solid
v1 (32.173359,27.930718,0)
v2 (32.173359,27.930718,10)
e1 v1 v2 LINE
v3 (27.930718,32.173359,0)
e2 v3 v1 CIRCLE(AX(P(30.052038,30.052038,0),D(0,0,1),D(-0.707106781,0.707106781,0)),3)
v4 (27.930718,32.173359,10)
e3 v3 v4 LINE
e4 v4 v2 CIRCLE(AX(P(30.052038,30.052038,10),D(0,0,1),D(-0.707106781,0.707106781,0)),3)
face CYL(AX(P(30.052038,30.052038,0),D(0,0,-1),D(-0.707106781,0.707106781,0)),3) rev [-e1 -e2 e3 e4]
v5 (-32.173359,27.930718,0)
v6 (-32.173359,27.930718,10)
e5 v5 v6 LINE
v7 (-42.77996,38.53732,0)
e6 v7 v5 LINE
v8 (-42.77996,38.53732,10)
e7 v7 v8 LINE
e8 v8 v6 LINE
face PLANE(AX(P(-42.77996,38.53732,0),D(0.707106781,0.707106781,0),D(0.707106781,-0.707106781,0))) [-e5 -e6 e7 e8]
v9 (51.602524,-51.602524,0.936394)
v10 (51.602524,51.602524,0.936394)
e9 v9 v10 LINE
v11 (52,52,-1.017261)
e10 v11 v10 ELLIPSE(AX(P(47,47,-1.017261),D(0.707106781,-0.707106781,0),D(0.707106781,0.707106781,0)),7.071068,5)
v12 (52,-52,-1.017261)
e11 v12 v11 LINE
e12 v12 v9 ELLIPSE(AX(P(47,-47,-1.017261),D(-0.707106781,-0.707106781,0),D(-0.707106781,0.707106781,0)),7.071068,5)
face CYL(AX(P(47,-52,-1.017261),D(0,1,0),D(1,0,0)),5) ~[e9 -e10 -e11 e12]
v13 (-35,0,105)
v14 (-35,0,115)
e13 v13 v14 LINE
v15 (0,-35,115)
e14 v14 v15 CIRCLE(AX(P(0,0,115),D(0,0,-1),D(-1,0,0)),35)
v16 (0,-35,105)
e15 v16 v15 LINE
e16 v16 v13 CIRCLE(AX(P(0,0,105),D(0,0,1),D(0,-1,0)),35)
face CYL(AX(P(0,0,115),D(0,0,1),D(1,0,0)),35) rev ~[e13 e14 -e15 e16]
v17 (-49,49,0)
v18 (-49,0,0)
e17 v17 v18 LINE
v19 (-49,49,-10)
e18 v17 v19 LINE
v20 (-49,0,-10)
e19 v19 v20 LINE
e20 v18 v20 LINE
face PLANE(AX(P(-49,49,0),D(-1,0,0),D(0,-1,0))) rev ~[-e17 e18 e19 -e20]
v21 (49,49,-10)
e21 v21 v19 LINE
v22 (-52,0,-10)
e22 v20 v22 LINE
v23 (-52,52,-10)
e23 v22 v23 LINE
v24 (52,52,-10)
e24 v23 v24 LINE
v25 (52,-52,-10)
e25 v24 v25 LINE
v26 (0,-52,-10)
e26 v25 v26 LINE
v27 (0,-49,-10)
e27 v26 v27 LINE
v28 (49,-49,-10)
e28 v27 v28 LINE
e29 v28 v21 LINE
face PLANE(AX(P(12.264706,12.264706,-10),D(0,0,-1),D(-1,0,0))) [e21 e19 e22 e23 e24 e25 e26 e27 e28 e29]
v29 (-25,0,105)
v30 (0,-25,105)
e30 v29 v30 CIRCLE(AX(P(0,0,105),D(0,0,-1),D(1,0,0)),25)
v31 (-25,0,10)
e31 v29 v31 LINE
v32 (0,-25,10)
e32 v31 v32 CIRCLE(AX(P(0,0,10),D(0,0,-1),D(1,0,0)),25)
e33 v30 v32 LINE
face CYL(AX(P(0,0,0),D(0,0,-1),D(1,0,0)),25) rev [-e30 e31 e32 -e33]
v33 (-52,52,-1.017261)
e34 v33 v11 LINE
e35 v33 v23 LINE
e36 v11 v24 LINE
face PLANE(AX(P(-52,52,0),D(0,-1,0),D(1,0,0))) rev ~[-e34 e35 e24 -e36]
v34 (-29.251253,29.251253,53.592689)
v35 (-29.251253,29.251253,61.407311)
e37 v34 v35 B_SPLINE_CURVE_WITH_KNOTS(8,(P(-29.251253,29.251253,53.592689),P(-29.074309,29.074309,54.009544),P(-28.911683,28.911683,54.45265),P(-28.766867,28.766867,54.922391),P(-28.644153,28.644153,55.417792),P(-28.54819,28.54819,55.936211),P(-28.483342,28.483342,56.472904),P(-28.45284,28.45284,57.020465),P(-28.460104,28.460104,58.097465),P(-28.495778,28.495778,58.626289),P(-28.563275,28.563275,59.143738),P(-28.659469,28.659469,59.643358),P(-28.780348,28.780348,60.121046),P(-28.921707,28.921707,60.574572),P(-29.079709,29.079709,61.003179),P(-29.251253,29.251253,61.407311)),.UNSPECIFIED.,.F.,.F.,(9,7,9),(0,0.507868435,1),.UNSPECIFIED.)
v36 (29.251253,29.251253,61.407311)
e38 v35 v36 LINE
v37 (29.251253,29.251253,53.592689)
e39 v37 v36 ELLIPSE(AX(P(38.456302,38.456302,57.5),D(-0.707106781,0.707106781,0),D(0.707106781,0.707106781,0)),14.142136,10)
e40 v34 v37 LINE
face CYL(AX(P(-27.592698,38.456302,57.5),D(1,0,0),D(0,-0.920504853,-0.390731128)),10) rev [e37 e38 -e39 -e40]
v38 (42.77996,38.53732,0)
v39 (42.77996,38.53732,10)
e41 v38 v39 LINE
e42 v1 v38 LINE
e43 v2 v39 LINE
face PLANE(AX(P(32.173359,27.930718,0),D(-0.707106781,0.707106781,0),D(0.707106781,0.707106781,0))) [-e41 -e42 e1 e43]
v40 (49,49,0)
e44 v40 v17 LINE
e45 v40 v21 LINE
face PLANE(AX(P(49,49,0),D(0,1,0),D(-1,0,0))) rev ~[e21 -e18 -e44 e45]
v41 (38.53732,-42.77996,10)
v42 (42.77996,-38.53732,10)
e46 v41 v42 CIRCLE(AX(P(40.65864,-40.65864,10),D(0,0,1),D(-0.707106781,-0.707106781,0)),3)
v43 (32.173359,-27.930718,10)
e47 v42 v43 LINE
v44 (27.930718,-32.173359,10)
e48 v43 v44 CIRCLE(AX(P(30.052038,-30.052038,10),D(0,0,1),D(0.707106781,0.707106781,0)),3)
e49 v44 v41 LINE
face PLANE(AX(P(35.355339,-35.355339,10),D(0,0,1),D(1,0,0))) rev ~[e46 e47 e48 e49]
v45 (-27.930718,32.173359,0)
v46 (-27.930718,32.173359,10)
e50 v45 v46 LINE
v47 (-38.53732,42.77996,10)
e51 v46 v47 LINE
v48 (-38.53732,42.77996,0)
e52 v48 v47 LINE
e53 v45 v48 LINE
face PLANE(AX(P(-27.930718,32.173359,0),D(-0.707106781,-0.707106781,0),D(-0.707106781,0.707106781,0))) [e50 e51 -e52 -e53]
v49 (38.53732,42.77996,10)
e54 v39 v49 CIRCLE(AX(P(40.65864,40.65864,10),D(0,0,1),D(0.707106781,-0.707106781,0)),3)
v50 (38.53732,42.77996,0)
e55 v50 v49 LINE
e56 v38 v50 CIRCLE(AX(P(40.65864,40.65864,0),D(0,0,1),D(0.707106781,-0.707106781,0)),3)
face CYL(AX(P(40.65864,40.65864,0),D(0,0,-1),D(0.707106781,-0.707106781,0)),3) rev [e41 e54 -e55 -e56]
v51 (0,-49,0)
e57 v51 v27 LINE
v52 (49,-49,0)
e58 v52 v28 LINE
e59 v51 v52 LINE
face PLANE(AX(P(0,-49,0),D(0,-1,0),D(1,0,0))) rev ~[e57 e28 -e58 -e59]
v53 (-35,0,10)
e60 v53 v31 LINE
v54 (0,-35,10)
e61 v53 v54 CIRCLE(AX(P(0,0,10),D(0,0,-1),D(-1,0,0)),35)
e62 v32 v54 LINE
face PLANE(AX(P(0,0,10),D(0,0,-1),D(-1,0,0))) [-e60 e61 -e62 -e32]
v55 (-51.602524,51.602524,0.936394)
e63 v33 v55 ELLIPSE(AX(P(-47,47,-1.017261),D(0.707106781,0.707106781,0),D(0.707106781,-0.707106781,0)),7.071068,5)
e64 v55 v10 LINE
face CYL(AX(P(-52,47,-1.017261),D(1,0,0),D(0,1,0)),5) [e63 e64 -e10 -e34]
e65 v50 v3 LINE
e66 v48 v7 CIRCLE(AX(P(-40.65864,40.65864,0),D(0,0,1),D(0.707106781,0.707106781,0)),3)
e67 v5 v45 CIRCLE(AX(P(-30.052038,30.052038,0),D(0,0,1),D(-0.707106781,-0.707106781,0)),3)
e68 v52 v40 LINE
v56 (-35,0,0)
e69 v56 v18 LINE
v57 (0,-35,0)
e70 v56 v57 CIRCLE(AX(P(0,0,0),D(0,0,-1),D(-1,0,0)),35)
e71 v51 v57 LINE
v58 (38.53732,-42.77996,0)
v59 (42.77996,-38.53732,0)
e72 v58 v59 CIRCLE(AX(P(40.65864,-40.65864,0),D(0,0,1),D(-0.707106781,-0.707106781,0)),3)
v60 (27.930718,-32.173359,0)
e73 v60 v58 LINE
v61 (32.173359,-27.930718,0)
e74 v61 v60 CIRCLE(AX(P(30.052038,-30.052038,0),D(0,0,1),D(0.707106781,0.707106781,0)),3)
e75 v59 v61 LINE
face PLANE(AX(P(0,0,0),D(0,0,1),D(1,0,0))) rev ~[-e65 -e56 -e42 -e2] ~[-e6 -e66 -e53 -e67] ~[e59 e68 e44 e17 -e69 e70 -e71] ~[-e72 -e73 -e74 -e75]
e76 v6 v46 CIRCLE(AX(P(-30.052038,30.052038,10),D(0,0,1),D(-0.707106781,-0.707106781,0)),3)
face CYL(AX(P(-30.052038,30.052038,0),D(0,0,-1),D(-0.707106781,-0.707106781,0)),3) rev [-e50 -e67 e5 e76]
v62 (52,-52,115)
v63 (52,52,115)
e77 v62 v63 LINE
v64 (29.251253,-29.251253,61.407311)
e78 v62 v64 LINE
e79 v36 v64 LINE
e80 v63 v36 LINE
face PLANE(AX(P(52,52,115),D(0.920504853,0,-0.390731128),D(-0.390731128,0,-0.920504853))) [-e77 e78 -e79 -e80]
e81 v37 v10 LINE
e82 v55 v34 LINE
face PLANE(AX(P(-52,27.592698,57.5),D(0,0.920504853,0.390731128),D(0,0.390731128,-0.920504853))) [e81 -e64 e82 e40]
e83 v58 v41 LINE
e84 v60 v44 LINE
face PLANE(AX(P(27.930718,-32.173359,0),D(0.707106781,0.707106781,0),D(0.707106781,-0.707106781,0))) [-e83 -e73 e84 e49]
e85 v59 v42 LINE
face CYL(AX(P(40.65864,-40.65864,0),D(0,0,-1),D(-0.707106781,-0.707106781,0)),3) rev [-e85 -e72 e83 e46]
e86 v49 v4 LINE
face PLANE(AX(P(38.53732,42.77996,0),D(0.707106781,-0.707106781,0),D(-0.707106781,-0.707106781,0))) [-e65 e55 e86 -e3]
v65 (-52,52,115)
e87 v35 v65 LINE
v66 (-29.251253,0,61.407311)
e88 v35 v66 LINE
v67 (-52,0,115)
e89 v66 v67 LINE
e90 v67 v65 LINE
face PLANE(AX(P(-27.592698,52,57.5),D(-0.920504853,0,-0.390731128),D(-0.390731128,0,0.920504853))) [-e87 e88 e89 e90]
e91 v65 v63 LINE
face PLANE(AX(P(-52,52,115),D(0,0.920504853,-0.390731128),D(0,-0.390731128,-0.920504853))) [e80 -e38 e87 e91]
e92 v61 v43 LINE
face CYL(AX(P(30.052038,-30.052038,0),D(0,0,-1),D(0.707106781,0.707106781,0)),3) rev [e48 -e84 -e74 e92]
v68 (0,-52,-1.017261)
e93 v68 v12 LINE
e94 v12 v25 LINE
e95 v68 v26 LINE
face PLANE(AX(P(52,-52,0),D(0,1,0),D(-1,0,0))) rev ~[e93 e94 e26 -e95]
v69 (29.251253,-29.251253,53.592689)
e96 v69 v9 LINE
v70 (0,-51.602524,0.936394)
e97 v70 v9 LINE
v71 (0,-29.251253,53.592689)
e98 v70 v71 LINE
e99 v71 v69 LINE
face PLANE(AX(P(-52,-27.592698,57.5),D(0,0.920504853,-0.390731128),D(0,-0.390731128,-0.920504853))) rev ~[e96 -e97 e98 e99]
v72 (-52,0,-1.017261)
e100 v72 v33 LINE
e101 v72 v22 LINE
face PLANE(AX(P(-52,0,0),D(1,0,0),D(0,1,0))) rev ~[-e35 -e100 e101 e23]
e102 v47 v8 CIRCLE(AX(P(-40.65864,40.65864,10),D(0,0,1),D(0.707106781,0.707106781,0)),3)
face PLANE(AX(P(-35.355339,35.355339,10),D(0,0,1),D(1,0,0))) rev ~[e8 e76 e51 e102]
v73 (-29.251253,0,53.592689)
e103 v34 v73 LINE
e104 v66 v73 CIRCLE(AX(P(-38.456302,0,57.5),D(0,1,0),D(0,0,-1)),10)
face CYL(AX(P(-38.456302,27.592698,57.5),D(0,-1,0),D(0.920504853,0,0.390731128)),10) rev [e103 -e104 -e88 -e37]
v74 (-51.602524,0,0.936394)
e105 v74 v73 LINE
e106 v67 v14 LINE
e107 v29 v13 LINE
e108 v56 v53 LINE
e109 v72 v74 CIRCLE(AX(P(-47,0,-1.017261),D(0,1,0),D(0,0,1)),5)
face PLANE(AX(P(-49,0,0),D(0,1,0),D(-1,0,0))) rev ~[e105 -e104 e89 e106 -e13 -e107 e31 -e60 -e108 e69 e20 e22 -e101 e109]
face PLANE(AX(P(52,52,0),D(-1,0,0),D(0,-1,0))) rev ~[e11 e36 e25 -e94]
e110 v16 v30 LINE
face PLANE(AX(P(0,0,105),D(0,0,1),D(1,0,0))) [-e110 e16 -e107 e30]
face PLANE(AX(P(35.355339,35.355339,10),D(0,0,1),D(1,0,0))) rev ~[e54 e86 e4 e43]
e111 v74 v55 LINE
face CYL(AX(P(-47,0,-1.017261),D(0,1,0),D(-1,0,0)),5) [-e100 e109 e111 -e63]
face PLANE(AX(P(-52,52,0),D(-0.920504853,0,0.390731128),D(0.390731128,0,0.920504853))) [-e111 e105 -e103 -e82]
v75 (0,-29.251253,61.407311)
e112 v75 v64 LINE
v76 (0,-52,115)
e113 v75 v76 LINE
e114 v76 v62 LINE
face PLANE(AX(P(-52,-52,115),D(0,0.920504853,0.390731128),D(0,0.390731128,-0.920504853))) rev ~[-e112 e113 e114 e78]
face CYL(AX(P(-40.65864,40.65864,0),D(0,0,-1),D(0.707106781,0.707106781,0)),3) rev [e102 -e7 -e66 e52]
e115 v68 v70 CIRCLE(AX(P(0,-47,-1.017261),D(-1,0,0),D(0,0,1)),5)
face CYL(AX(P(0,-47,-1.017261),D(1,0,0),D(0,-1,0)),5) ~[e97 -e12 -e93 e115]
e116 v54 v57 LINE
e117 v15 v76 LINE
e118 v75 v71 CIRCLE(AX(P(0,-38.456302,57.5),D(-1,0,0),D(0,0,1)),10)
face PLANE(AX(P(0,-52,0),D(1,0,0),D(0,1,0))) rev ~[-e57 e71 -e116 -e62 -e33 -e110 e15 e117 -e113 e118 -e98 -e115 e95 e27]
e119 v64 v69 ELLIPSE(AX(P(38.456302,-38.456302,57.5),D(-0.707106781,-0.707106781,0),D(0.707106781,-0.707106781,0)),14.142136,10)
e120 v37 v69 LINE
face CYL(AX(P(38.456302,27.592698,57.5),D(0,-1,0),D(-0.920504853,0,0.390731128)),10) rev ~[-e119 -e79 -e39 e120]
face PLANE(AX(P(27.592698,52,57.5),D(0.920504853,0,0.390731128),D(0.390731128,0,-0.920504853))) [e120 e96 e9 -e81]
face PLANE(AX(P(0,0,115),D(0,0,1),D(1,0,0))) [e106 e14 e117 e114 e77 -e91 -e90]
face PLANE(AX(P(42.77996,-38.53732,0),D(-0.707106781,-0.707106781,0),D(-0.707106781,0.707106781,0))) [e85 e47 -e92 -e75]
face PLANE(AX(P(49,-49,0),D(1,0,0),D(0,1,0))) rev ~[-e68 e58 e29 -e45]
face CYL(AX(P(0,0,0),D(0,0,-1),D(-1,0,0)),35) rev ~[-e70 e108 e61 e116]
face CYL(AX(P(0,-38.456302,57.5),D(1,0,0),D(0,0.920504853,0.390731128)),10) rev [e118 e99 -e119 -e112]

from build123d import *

# Parameters (mm, degrees)
SKETCH1_W           = 104
SKETCH1_H           = 104
SKETCH1_R           = 25
BOSS_EXTRUDE1_DEPTH = 115
CUT_EXTRUDE3_DEPTH  = 115
CUT_EXTRUDE4_DEPTH  = 115
CUT_EXTRUDE5_DEPTH  = 116
FILLET1_R           = 10
SKETCH9_R           = 35
CUT_EXTRUDE6_DEPTH  = 10
SKETCH10_R          = 35
CUT_EXTRUDE7_DEPTH  = 10
BOSS_EXTRUDE2_DEPTH = 10
FILLET2_R           = 5
CUT_EXTRUDE8_DEPTH  = 10


with BuildPart() as part:
    # Sketch1 → Boss-Extrude1 (new body)
    with BuildSketch(Plane.XY):
        Rectangle(SKETCH1_W, SKETCH1_H)
        Circle(SKETCH1_R, mode=Mode.SUBTRACT)
    extrude(amount=BOSS_EXTRUDE1_DEPTH)

    # Sketch7 → Cut-Extrude3 (cut)
    with BuildSketch(Plane.ZY.offset(52)):
        Polygon((0, 52), (115, 52), (57.5, 27.592698068), align=None)
        Polygon((0, -52), (115, -52), (57.5, -27.592698068), align=None)
    extrude(amount=-CUT_EXTRUDE3_DEPTH, mode=Mode.SUBTRACT)

    # Sketch4 → Cut-Extrude4 (cut)
    with BuildSketch(Plane(origin=(0, 52, 0), x_dir=(1, 0, 0), z_dir=(0, 1, 0))):
        Polygon((-52, 0), (-27.592698068, -57.5), (-52, -115), align=None)
        Polygon((52, -115), (27.592698068, -57.5), (52, 0), align=None)
    extrude(amount=-CUT_EXTRUDE4_DEPTH, mode=Mode.SUBTRACT)

    # Sketch8 → Cut-Extrude5 (cut, through all)
    with BuildSketch(Plane(origin=(0, 0, 0), x_dir=(-1, 0, 0), z_dir=(0, 0, -1))):
        with BuildLine():
            Line((0, 0), (96.389790508, 0))
            ThreePointArc((96.389790508, 0), (83.425867148, -83.299633305), (0, -95.424686222))
            Line((0, -95.424686222), (0, 0))
        make_face()
    extrude(amount=-CUT_EXTRUDE5_DEPTH, mode=Mode.SUBTRACT)

    # Fillet1
    fillet1_edges = [part.edges().sort_by_distance(p)[0] for p in [
        (13.796349034, -27.592698068, 57.5),
        (0, 27.592698068, 57.5),
        (27.592698068, 0, 57.5),
        (-27.592698068, 13.796349034, 57.5),
    ]]
    fillet(fillet1_edges, radius=FILLET1_R)

    # Sketch9 → Cut-Extrude6 (cut)
    with BuildSketch(Plane(origin=(0, 0, 0), x_dir=(-1, 0, 0), z_dir=(0, 0, -1))):
        Circle(SKETCH9_R)
    extrude(amount=-CUT_EXTRUDE6_DEPTH, mode=Mode.SUBTRACT)

    # Sketch10 → Cut-Extrude7 (cut)
    with BuildSketch(Plane.XY.offset(115)):
        Circle(SKETCH10_R)
    extrude(amount=-CUT_EXTRUDE7_DEPTH, mode=Mode.SUBTRACT)

    # Sketch11 → Boss-Extrude2 (add)
    with BuildSketch(Plane(origin=(0, 0, 0), x_dir=(-1, 0, 0), z_dir=(0, 0, -1))):
        Polygon((52, 0), (52, 52), (-52, 52), (-52, -52), (0, -52), (0, -49), (-49, -49), (-49, 49), (49, 49), (49, 0), align=None)
    extrude(amount=BOSS_EXTRUDE2_DEPTH)

    # Fillet2
    fillet2_edges = [part.edges().sort_by_distance(p)[0] for p in [
        (0, 52, 0),
        (52, 0, 0),
        (-52, 26, 0),
        (26, -52, 0),
    ]]
    fillet(fillet2_edges, radius=FILLET2_R)

    # Sketch12 → Cut-Extrude8 (cut)
    with BuildSketch(Plane(origin=(0, 0, 0), x_dir=(-1, 0, 0), z_dir=(0, 0, -1))):
        with BuildLine():
            Line((27.930717857, 32.173358544), (38.537319575, 42.779960262))
            ThreePointArc((38.537319575, 42.779960262), (42.779960262, 42.779960262), (42.779960262, 38.537319575))
            Line((42.779960262, 38.537319575), (32.173358544, 27.930717857))
            ThreePointArc((32.173358544, 27.930717857), (27.930717857, 27.930717857), (27.930717857, 32.173358544))
        make_face()
        with BuildLine():
            Line((-32.173358544, 27.930717857), (-42.779960262, 38.537319575))
            ThreePointArc((-42.779960262, 38.537319575), (-42.779960262, 42.779960262), (-38.537319575, 42.779960262))
            Line((-38.537319575, 42.779960262), (-27.930717857, 32.173358544))
            ThreePointArc((-27.930717857, 32.173358544), (-27.930717857, 27.930717857), (-32.173358544, 27.930717857))
        make_face()
        with BuildLine():
            Line((-27.930717857, -32.173358544), (-38.537319575, -42.779960262))
            ThreePointArc((-38.537319575, -42.779960262), (-42.779960262, -42.779960262), (-42.779960262, -38.537319575))
            Line((-42.779960262, -38.537319575), (-32.173358544, -27.930717857))
            ThreePointArc((-32.173358544, -27.930717857), (-27.930717857, -27.930717857), (-27.930717857, -32.173358544))
        make_face()
    extrude(amount=-CUT_EXTRUDE8_DEPTH, mode=Mode.SUBTRACT)


solid = part.part
